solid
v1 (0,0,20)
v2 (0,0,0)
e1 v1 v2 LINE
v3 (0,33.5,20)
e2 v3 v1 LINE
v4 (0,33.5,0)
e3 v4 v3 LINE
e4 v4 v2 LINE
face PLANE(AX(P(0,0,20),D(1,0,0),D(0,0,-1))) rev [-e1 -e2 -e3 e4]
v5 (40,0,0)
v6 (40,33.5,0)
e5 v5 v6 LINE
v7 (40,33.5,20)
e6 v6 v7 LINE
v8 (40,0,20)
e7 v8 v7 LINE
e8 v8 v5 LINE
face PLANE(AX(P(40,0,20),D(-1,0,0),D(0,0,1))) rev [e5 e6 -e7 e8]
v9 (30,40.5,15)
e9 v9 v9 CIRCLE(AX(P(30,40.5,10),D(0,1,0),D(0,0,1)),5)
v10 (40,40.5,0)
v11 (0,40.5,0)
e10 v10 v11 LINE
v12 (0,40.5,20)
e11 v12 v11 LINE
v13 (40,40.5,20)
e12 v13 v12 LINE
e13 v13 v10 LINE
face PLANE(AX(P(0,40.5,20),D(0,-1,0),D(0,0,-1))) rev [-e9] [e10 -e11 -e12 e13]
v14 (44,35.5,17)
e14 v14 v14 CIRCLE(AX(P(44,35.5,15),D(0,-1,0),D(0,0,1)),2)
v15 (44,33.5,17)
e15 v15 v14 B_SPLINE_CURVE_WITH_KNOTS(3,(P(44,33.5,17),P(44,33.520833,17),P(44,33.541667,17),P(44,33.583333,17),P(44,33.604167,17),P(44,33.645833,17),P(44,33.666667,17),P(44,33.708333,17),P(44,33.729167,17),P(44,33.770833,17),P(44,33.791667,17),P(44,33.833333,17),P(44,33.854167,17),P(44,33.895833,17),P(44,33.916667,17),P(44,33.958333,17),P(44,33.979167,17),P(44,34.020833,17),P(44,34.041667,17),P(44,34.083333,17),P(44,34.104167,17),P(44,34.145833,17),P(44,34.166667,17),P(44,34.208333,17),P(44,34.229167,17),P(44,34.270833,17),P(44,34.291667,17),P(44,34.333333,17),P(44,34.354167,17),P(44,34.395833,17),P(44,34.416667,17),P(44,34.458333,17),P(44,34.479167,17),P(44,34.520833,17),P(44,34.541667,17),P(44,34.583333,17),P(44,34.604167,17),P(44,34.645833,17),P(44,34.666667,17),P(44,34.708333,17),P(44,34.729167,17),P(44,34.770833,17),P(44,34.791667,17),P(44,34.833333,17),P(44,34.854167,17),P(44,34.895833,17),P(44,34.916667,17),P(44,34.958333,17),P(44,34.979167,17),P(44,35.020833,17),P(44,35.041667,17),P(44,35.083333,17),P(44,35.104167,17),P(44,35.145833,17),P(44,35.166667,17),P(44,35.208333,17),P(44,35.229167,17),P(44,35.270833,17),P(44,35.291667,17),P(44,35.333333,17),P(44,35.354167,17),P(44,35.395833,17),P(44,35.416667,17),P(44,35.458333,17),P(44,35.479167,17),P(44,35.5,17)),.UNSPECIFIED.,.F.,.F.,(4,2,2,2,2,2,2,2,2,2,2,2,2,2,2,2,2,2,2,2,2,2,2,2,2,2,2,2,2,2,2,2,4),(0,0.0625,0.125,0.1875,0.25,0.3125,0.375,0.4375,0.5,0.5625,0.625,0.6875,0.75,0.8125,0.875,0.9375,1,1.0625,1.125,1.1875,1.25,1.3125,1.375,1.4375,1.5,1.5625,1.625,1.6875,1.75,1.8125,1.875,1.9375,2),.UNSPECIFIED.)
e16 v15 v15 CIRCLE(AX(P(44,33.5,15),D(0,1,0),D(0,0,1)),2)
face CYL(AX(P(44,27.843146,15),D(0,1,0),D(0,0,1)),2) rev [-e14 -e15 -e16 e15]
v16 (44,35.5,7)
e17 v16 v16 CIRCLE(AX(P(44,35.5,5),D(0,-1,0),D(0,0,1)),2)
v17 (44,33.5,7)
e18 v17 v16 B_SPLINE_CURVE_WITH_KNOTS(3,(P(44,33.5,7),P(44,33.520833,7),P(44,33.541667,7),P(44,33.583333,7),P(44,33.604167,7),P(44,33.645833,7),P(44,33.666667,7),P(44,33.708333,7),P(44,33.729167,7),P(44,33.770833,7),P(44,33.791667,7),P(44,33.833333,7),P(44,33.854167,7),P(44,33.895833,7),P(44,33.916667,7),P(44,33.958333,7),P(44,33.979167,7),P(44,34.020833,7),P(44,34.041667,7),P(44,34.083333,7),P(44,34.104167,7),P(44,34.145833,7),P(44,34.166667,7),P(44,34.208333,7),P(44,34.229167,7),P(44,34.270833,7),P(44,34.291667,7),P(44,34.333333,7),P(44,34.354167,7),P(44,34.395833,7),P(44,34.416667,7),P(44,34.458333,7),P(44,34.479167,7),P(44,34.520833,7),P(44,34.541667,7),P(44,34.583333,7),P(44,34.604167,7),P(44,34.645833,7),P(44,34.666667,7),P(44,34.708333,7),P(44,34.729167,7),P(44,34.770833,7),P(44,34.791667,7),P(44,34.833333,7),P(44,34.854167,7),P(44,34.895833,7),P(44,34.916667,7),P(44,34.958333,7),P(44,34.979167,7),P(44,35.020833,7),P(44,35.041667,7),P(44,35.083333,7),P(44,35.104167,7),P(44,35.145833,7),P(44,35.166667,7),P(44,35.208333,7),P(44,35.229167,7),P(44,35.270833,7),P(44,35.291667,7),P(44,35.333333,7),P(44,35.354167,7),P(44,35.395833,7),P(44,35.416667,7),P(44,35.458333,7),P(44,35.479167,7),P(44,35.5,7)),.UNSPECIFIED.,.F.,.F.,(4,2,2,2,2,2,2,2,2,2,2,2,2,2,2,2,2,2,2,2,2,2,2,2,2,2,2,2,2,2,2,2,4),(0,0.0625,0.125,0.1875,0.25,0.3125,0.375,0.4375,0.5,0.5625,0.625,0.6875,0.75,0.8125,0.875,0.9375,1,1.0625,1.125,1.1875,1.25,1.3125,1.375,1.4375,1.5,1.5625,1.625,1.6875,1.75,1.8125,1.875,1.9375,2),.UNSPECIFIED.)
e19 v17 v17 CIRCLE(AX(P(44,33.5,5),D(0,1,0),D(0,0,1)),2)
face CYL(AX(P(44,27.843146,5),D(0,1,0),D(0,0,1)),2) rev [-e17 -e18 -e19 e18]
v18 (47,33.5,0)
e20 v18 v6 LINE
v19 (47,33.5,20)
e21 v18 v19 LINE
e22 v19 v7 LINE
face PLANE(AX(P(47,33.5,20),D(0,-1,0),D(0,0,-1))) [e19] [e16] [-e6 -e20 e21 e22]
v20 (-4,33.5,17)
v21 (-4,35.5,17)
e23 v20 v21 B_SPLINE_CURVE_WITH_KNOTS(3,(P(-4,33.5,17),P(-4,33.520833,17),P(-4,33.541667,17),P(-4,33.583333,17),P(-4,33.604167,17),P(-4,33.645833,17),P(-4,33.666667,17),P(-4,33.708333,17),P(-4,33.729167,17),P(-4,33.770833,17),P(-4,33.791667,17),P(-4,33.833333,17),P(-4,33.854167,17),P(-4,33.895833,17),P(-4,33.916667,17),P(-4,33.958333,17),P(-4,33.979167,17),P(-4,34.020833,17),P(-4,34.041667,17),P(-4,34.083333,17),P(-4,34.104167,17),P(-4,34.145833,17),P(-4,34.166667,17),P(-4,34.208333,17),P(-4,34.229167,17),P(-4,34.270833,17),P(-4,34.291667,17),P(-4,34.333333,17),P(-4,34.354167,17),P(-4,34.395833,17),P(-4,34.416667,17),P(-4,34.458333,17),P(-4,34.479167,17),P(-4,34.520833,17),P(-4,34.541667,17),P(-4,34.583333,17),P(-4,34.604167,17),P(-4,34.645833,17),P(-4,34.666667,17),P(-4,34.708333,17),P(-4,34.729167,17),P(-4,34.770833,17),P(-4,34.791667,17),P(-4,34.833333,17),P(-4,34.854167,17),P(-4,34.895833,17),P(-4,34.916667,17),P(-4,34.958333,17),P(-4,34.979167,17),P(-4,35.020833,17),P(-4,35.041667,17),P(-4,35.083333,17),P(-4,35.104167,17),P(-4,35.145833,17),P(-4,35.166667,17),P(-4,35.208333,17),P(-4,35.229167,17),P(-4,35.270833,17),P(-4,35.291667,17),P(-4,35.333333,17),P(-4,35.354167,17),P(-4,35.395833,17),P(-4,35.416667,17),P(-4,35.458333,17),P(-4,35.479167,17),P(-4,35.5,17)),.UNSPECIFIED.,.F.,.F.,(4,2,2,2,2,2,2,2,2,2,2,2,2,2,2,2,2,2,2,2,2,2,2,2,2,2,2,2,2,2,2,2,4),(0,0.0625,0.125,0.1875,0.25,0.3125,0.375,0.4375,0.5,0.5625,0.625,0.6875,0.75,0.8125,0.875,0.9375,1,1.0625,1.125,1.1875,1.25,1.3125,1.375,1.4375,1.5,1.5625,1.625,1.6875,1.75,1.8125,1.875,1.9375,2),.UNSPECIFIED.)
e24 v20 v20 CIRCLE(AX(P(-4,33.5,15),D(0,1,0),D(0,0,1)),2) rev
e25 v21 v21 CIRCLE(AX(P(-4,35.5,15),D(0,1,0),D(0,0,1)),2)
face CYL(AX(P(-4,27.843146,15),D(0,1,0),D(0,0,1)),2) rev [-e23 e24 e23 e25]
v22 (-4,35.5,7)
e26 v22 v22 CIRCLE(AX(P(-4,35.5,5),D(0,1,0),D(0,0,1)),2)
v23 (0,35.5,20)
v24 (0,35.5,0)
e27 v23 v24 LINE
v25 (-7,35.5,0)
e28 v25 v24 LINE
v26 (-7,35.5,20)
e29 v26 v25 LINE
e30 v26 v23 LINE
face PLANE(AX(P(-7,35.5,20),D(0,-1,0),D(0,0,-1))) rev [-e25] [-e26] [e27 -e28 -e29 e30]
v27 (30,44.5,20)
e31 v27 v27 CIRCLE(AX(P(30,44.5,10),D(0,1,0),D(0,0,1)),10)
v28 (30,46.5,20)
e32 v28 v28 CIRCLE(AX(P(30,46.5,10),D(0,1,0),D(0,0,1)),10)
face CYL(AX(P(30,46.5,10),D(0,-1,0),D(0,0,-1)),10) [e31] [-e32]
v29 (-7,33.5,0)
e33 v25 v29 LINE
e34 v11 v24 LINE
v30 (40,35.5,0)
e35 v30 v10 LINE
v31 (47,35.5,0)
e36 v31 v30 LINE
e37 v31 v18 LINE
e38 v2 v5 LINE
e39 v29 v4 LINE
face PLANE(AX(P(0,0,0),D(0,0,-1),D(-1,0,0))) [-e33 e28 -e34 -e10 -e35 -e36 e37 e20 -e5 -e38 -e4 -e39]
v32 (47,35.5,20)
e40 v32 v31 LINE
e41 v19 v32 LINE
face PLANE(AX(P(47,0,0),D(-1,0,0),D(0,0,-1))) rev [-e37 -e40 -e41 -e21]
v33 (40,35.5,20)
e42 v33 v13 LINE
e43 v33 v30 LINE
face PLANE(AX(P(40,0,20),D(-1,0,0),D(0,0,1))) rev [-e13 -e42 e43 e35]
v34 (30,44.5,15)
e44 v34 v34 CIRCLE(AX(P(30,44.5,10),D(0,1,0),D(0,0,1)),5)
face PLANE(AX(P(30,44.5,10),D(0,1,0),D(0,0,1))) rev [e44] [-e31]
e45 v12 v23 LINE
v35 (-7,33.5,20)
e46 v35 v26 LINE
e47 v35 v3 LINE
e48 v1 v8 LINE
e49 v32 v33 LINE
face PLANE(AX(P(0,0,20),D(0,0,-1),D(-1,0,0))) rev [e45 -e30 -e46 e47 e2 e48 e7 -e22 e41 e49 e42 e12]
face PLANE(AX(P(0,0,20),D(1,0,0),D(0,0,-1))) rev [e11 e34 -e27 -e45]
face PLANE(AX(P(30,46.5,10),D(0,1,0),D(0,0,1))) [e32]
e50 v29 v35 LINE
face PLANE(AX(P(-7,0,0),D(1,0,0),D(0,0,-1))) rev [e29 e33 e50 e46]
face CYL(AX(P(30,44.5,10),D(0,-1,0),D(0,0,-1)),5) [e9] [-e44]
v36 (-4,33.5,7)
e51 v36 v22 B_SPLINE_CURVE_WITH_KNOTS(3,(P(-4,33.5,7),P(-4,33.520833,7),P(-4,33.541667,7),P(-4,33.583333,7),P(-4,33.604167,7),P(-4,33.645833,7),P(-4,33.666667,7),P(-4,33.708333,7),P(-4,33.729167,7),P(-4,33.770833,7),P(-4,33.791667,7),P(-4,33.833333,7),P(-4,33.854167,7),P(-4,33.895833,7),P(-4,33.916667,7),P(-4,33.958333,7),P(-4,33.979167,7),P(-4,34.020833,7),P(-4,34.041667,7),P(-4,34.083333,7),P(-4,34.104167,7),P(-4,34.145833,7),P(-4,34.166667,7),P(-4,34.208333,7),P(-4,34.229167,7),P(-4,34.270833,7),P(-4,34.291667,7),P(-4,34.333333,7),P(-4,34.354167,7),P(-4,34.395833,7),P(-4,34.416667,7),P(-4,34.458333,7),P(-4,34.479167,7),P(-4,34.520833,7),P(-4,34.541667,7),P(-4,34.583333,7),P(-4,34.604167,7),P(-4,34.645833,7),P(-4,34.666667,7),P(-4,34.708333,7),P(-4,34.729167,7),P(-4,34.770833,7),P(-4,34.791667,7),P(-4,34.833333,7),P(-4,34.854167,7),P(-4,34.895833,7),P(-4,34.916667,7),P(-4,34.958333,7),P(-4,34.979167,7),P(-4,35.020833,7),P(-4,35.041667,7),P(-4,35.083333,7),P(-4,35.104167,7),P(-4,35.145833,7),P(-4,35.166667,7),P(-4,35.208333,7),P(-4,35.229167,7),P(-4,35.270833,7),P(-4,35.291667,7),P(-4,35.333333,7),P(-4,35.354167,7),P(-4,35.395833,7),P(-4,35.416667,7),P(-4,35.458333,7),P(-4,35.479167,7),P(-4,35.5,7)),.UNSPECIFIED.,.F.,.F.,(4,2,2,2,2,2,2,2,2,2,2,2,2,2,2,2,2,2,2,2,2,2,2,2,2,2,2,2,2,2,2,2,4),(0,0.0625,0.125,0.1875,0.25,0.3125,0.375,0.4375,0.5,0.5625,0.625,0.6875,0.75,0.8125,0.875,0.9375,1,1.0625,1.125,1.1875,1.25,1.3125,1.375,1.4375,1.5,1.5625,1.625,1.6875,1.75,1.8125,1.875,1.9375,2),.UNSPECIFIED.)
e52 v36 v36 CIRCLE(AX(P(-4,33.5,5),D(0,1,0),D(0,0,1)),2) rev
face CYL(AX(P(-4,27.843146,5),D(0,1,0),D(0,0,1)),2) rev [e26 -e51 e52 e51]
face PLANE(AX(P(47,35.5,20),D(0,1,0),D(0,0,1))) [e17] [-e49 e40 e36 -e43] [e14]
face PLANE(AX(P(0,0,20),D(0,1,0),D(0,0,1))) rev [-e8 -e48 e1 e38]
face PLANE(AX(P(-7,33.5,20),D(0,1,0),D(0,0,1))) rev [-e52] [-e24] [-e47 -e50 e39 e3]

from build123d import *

# Parameters (mm, degrees)
SKETCH1_W           = 40
SKETCH1_H           = 40.5
BOSS_EXTRUDE1_DEPTH = 20
SKETCH2_R           = 10
BOSS_EXTRUDE2_DEPTH = 6
SKETCH5_R           = 10
SKETCH5_R_2         = 5
CUT_EXTRUDE3_DEPTH  = 4
SKETCH6_W           = 20
SKETCH6_H           = 2
BOSS_EXTRUDE3_DEPTH = 7
SKETCH7_R           = 2
CUT_EXTRUDE5_DEPTH  = 2


with BuildPart() as part:
    # Sketch1 → Boss-Extrude1 (new body)
    with BuildSketch(Plane.XY):
        with Locations((20, 20.25)):
            Rectangle(SKETCH1_W, SKETCH1_H)
    extrude(amount=BOSS_EXTRUDE1_DEPTH)

    # Sketch2 → Boss-Extrude2 (add)
    with BuildSketch(Plane(origin=(0, 40.5, 0), x_dir=(1, 0, 0), z_dir=(0, 1, 0))):
        with Locations(Location((30, -10, 0), (0, 0, 270))):
            Circle(SKETCH2_R)
    extrude(amount=BOSS_EXTRUDE2_DEPTH)

    # Sketch5 → Cut-Extrude3 (cut)
    with BuildSketch(Plane(origin=(0, 40.5, 0), x_dir=(1, 0, 0), z_dir=(0, 1, 0))):
        with Locations(Location((30, -10, 0), (0, 0, 270))):
            Circle(SKETCH5_R)
        with Locations(Location((30, -10, 0), (0, 0, 270))):
            Circle(SKETCH5_R_2, mode=Mode.SUBTRACT)
    extrude(amount=CUT_EXTRUDE3_DEPTH, mode=Mode.SUBTRACT)

    # Sketch6 → Boss-Extrude3 (add)
    with BuildSketch(Plane.ZY):
        with Locations((10, 34.5)):
            Rectangle(SKETCH6_W, SKETCH6_H)
    boss_extrude3 = extrude(amount=BOSS_EXTRUDE3_DEPTH)

    # Sketch7 → Cut-Extrude5 (cut)
    with BuildSketch(Plane(origin=(0, 35.5, 0), x_dir=(1, 0, 0), z_dir=(0, 1, 0))):
        with Locations(Location((-4, -15, 0), (0, 0, 270))):
            Circle(SKETCH7_R)
        with Locations(Location((-4, -5, 0), (0, 0, 270))):
            Circle(SKETCH7_R)
    cut_extrude5 = extrude(amount=-CUT_EXTRUDE5_DEPTH, mode=Mode.SUBTRACT)

    # Mirror1: Boss-Extrude3, Cut-Extrude5 across plane
    add(boss_extrude3.mirror(Plane.ZY.offset(-20)))
    add(cut_extrude5.mirror(Plane.ZY.offset(-20)), mode=Mode.SUBTRACT)


solid = part.part
